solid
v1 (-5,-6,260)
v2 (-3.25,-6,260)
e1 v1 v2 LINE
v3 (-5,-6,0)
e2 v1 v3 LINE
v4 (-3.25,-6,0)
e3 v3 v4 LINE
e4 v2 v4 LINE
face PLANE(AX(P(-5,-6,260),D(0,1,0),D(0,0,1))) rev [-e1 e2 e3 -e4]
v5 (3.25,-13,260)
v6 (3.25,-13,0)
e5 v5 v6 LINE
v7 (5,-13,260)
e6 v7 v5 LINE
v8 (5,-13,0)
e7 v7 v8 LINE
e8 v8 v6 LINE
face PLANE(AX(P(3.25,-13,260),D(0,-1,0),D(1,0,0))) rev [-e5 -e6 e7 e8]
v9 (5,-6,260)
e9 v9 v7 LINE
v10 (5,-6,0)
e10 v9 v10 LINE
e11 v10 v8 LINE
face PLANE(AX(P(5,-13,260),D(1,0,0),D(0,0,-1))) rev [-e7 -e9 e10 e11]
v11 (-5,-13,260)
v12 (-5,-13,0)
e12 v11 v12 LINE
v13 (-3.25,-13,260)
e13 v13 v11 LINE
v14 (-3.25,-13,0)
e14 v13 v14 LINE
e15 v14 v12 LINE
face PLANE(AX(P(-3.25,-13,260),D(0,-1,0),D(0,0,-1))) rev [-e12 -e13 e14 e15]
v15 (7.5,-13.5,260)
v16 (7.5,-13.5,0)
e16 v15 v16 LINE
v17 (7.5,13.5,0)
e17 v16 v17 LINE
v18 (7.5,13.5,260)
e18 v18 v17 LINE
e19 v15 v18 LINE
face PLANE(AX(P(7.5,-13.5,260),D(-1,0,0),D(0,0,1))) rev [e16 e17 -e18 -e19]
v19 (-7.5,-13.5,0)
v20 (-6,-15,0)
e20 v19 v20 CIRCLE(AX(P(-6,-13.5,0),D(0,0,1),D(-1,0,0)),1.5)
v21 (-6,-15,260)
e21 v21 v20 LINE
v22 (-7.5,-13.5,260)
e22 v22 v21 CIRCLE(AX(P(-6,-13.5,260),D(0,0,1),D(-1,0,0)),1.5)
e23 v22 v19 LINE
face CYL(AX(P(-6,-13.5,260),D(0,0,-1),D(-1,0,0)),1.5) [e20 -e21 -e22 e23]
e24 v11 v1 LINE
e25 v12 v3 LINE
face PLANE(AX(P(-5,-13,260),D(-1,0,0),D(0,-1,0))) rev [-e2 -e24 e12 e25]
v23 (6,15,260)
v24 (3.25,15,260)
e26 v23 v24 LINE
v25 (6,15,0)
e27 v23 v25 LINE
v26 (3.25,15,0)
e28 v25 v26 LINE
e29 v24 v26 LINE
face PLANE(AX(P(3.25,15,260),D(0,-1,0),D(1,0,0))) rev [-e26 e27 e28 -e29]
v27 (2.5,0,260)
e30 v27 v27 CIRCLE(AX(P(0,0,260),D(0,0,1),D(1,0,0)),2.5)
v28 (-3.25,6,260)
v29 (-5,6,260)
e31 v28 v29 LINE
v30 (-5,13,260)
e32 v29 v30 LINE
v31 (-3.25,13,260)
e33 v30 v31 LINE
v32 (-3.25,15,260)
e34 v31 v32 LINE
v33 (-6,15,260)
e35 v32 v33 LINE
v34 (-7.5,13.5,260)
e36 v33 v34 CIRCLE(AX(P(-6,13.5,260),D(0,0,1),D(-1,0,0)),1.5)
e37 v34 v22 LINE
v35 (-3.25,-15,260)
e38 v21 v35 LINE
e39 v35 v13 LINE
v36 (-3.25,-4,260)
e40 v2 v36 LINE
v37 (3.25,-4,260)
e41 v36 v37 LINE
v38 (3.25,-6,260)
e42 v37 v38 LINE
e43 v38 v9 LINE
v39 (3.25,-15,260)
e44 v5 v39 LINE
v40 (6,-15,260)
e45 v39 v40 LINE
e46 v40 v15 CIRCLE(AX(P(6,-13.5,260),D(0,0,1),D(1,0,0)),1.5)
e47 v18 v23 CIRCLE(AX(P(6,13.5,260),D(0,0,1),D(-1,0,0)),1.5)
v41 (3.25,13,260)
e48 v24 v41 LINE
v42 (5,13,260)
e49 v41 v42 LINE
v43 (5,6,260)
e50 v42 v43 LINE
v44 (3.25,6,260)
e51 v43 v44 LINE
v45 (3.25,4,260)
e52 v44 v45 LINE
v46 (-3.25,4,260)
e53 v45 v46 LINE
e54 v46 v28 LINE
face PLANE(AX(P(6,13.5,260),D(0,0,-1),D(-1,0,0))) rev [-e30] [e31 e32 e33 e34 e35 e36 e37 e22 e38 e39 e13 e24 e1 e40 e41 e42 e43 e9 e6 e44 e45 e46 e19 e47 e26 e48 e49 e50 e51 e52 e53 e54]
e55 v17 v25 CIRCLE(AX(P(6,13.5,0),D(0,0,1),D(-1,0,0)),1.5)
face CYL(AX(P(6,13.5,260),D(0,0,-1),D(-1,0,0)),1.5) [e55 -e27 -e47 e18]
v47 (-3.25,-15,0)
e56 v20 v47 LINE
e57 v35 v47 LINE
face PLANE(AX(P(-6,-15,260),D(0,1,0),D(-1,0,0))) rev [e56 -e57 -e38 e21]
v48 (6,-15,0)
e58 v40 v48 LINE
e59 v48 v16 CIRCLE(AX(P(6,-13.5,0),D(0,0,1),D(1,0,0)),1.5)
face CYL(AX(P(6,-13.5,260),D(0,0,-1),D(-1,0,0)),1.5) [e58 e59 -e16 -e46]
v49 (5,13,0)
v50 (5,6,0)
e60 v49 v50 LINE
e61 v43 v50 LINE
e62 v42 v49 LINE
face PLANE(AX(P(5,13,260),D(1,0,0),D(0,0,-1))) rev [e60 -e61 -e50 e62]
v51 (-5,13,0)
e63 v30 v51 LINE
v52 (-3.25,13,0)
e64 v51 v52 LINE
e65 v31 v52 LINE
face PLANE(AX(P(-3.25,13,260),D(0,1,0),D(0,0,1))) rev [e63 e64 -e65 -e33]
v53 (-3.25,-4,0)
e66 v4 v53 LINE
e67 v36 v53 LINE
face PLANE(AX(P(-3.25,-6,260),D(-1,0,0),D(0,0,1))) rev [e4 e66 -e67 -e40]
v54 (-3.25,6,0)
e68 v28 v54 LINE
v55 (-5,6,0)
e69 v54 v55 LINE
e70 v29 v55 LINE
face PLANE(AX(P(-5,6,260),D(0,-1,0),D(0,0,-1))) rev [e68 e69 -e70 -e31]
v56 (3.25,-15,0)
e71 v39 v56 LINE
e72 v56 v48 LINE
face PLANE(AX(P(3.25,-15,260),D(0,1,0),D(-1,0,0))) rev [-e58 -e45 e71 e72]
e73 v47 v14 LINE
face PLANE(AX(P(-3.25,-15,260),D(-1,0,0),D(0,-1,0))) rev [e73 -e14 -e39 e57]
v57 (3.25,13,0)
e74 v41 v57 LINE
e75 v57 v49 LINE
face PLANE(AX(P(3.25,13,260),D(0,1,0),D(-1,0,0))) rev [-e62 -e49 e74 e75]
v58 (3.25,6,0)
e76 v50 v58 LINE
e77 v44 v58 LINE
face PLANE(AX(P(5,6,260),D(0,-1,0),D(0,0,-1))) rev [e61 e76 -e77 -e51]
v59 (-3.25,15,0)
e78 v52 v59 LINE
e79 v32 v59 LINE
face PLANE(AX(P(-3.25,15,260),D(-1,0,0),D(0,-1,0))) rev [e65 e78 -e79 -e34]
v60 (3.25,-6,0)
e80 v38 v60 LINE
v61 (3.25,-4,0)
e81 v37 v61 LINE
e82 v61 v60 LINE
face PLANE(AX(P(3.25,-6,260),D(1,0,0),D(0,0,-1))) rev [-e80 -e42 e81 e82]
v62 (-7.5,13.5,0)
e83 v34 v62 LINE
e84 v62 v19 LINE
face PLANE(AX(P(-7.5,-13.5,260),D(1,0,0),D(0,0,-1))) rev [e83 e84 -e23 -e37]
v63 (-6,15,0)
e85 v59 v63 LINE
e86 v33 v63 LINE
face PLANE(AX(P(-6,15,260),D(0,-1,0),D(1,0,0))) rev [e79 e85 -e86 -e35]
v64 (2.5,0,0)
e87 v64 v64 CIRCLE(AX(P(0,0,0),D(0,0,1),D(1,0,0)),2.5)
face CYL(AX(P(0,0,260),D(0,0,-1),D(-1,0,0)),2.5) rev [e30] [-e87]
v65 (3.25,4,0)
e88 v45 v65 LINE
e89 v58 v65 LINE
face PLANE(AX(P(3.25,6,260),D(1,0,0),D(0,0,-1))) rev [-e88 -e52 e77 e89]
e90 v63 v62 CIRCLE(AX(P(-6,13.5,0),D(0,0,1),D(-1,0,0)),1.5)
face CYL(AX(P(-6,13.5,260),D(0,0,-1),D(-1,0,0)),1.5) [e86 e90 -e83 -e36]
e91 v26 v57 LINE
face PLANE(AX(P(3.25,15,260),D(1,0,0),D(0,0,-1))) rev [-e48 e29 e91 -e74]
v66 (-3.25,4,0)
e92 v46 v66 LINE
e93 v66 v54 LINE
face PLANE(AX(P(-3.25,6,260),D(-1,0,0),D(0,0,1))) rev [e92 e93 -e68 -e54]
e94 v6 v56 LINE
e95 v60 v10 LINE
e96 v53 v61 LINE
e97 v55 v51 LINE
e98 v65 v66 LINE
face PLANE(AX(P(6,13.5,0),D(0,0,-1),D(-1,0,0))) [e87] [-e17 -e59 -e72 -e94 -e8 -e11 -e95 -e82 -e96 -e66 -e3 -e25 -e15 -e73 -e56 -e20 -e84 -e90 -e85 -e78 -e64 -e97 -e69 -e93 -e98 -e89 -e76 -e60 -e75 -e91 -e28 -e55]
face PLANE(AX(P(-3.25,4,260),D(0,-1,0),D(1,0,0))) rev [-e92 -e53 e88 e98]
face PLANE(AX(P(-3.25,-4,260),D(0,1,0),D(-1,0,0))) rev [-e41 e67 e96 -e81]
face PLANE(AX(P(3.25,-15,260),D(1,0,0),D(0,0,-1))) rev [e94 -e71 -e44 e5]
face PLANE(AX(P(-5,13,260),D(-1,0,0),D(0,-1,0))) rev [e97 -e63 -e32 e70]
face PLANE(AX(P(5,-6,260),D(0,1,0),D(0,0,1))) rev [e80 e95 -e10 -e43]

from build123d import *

# Parameters (mm, degrees)
SKETCH1_R              = 2.5
EXTRUDE_1_DEPTH        = 260
HOLE_WIZARD_M6_1_D     = 5
HOLE_WIZARD_M6_1_DEPTH = 20
HOLE_WIZARD_M6_1_TIP   = 1.502151548
HOLE_WIZARD_M6_2_D     = 5
HOLE_WIZARD_M6_2_DEPTH = 20
HOLE_WIZARD_M6_2_TIP   = 1.502151548


with BuildPart() as part:
    # Sketch1 → 凸台-拉伸1 (new body)
    with BuildSketch(Plane.XY):
        with BuildLine():
            Line((-6, -15), (-3.25, -15))
            Line((-3.25, -15), (-3.25, -13))
            Line((-3.25, -13), (-5, -13))
            Line((-5, -13), (-5, -6))
            Line((-5, -6), (-3.25, -6))
            Line((-3.25, -6), (-3.25, -4))
            Line((-3.25, -4), (3.25, -4))
            Line((3.25, -4), (3.25, -6))
            Line((3.25, -6), (5, -6))
            Line((5, -6), (5, -13))
            Line((5, -13), (3.25, -13))
            Line((3.25, -13), (3.25, -15))
            Line((3.25, -15), (6, -15))
            ThreePointArc((6, -15), (7.060660172, -14.560660172), (7.5, -13.5))
            Line((7.5, -13.5), (7.5, 13.5))
            ThreePointArc((7.5, 13.5), (7.060660172, 14.560660172), (6, 15))
            Line((6, 15), (3.25, 15))
            Line((3.25, 15), (3.25, 13))
            Line((3.25, 13), (5, 13))
            Line((5, 13), (5, 6))
            Line((5, 6), (3.25, 6))
            Line((3.25, 6), (3.25, 4))
            Line((3.25, 4), (-3.25, 4))
            Line((-3.25, 4), (-3.25, 6))
            Line((-3.25, 6), (-5, 6))
            Line((-5, 6), (-5, 13))
            Line((-5, 13), (-3.25, 13))
            Line((-3.25, 13), (-3.25, 15))
            Line((-3.25, 15), (-6, 15))
            ThreePointArc((-6, 15), (-7.060660172, 14.560660172), (-7.5, 13.5))
            Line((-7.5, 13.5), (-7.5, -13.5))
            ThreePointArc((-7.5, -13.5), (-7.060660172, -14.560660172), (-6, -15))
        make_face()
        Circle(SKETCH1_R, mode=Mode.SUBTRACT)
    extrude(amount=EXTRUDE_1_DEPTH)

    # M6 螺纹孔1
    with Locations(Plane.XY.offset(260)):
        with Locations((0, 0)):
            Hole(HOLE_WIZARD_M6_1_D / 2, depth=HOLE_WIZARD_M6_1_DEPTH)
            with Locations((0, 0, -(HOLE_WIZARD_M6_1_DEPTH + HOLE_WIZARD_M6_1_TIP / 2))):  # 118° drill point
                Cone(0, HOLE_WIZARD_M6_1_D / 2, HOLE_WIZARD_M6_1_TIP, mode=Mode.SUBTRACT)

    # M6 螺纹孔2
    with Locations(Plane(origin=(0, 0, 0), x_dir=(-1, 0, 0), z_dir=(0, 0, -1))):
        with Locations((0, 0)):
            Hole(HOLE_WIZARD_M6_2_D / 2, depth=HOLE_WIZARD_M6_2_DEPTH)
            with Locations((0, 0, -(HOLE_WIZARD_M6_2_DEPTH + HOLE_WIZARD_M6_2_TIP / 2))):  # 118° drill point
                Cone(0, HOLE_WIZARD_M6_2_D / 2, HOLE_WIZARD_M6_2_TIP, mode=Mode.SUBTRACT)


solid = part.part
